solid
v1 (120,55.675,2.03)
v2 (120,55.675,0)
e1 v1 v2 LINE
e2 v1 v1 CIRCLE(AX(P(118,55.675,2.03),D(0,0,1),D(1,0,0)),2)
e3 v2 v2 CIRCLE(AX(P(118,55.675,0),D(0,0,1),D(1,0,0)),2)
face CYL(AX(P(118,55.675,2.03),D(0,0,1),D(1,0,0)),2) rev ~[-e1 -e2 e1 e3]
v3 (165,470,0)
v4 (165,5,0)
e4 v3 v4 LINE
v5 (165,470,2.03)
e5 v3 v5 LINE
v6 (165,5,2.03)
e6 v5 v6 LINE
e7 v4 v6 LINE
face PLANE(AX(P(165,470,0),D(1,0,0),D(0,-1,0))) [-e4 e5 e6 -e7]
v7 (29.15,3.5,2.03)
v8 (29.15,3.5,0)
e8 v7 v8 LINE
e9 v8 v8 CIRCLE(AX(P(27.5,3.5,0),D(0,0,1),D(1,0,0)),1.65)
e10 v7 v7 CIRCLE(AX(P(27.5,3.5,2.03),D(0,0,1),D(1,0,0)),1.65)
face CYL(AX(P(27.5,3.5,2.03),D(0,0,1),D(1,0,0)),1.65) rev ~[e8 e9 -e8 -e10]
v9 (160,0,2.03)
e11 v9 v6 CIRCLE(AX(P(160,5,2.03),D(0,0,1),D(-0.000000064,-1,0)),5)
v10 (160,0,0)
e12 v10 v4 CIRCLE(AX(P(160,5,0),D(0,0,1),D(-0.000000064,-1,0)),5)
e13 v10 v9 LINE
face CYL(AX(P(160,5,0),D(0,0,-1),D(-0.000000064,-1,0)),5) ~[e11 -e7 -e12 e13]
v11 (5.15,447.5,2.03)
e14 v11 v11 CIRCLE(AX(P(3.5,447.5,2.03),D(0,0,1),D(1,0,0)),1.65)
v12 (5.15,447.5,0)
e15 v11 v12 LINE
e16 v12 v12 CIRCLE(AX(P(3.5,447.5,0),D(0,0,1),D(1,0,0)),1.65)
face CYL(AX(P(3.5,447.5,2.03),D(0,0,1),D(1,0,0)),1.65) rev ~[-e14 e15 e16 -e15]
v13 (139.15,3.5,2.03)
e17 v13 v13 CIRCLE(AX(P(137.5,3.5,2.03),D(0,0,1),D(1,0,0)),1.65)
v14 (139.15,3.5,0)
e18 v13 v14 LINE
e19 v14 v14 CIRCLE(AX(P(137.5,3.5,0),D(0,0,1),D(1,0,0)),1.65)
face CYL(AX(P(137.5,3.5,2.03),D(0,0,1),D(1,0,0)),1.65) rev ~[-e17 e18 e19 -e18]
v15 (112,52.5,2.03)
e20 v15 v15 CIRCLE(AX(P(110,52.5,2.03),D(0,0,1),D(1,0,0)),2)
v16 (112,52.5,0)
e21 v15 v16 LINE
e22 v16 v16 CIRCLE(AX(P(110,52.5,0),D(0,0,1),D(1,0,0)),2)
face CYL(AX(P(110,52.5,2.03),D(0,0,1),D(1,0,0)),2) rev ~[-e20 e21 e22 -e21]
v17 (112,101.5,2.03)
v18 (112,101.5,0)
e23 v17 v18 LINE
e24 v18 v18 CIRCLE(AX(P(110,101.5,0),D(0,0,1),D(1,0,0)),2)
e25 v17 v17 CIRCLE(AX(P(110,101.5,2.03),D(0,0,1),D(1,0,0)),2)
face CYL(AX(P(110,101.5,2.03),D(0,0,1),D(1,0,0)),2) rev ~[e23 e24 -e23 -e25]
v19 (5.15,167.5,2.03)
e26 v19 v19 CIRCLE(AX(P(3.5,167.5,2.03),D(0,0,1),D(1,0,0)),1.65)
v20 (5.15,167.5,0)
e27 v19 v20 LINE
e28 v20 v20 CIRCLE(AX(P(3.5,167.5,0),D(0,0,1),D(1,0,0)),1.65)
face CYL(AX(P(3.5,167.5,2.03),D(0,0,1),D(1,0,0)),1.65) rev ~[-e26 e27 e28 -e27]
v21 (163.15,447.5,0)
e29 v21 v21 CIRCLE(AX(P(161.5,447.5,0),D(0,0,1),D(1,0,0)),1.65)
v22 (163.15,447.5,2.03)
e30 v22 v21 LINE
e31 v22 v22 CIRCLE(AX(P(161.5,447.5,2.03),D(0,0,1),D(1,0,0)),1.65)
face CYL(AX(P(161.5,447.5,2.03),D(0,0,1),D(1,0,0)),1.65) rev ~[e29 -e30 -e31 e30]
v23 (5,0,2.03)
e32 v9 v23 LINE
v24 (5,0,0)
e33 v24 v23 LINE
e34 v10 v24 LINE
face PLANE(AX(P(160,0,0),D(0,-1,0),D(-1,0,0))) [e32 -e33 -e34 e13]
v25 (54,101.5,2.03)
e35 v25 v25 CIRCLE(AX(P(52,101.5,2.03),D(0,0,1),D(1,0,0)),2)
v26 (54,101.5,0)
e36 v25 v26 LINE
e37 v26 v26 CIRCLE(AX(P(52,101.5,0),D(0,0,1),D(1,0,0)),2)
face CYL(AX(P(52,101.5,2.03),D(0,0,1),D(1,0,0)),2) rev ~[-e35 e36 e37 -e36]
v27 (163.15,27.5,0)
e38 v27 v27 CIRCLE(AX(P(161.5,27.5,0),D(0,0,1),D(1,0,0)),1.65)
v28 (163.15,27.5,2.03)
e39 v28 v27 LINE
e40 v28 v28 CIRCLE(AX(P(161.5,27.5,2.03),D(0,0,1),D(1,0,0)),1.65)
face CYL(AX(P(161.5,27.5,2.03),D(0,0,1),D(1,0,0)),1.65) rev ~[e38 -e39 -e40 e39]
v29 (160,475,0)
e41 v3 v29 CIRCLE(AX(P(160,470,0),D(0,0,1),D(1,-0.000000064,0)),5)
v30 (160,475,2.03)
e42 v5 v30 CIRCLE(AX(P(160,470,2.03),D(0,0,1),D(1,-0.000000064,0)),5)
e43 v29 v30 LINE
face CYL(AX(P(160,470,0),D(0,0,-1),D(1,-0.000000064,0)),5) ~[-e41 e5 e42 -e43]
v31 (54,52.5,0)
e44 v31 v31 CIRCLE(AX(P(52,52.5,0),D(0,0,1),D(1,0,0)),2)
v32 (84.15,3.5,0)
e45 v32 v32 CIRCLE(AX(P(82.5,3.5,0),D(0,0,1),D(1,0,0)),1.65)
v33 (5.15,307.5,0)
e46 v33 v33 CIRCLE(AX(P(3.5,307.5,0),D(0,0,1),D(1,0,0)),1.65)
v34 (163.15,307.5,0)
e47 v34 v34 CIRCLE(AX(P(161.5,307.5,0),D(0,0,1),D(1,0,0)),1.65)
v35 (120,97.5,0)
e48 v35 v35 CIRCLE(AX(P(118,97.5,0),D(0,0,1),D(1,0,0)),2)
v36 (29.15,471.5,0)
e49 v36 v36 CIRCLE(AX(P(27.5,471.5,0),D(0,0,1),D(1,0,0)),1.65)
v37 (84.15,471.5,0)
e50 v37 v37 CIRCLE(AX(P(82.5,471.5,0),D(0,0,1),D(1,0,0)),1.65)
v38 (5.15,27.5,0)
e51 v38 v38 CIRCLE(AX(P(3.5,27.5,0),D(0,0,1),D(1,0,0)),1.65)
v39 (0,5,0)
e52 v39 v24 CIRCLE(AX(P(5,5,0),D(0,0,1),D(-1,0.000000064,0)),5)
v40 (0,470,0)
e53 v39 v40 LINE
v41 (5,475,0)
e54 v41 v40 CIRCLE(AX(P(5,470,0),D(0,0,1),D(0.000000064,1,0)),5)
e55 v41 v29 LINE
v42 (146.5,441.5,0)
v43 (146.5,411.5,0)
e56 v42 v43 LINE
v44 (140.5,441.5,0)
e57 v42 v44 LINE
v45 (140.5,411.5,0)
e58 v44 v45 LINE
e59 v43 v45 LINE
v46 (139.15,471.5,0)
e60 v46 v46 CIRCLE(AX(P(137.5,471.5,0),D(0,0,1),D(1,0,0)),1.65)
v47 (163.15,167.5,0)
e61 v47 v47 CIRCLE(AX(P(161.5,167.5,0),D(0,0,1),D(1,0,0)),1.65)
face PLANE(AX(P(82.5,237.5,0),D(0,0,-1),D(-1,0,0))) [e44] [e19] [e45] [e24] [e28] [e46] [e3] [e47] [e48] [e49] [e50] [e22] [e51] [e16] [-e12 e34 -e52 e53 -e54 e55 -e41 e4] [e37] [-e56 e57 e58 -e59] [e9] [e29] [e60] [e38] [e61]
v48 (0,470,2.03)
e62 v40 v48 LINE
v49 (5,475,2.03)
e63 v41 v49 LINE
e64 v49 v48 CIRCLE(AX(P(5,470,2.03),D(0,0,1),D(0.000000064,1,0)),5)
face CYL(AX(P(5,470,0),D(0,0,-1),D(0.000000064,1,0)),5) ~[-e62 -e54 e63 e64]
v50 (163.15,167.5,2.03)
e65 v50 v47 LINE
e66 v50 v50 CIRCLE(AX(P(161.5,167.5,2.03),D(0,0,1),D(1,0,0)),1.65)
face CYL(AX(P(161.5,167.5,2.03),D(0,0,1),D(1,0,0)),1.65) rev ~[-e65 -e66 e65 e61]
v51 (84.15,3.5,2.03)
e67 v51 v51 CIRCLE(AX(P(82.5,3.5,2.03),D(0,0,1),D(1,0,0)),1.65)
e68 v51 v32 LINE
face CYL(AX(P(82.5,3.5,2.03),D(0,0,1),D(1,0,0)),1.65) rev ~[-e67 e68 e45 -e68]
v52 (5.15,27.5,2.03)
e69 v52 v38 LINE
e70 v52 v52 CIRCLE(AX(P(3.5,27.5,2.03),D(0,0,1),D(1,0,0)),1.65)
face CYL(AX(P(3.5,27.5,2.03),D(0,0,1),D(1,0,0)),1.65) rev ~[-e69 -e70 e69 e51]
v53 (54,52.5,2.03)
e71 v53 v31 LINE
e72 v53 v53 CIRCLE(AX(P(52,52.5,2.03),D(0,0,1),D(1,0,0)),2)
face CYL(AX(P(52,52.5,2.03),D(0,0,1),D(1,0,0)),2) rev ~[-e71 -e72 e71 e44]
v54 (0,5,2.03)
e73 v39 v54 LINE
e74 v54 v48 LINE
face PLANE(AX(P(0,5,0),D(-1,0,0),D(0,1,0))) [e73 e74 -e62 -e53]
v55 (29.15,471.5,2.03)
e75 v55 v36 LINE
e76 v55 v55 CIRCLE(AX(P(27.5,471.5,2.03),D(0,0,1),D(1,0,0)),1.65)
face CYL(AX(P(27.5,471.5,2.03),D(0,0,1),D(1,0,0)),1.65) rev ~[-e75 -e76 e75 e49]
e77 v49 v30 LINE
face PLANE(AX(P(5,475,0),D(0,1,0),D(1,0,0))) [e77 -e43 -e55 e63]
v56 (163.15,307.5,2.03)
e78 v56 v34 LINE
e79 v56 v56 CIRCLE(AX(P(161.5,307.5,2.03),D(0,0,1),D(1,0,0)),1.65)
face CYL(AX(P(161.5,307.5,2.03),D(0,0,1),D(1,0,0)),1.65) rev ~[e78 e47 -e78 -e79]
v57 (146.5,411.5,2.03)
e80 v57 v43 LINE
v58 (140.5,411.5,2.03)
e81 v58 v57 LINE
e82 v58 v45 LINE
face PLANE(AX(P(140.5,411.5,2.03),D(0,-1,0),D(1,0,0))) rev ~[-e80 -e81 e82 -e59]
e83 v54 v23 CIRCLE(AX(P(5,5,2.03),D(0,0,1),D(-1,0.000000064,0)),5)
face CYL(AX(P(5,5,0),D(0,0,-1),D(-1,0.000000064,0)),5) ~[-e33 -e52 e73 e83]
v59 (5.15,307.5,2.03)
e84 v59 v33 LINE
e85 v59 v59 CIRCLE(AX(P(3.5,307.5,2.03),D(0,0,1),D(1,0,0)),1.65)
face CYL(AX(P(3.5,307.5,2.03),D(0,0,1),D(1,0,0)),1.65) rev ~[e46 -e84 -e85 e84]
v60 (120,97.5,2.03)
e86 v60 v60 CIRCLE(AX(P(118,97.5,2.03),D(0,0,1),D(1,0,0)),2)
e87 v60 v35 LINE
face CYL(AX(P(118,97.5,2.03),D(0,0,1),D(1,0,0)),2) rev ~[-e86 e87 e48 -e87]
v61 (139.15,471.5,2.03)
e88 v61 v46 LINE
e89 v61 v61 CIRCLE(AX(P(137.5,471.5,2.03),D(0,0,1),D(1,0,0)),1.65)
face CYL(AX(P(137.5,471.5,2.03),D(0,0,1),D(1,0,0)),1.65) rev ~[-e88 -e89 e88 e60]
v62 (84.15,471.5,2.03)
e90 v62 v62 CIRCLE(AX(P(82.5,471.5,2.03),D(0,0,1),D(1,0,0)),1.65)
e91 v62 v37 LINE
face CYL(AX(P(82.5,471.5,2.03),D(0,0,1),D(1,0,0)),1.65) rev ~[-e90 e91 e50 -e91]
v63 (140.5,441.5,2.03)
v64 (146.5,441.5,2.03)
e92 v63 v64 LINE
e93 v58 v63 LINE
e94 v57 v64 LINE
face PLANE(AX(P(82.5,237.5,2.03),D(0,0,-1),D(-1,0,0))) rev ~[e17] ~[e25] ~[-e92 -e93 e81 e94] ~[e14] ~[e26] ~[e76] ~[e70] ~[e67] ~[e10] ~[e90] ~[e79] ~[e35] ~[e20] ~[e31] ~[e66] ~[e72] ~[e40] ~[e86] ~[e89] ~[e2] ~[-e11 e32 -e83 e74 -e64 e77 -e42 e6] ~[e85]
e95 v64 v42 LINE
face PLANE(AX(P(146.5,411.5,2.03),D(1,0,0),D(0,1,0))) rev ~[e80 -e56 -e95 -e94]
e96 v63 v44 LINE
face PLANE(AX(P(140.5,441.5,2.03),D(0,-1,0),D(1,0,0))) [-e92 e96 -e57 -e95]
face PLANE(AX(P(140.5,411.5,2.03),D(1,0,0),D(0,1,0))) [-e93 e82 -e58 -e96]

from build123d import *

# Parameters (mm, degrees)
PAD_DEPTH       = 2.03
SKETCH001_R     = 1.65
POCKET_DEPTH    = 5
SKETCH002_W     = 6
SKETCH002_H     = 30
POCKET001_DEPTH = 5
SKETCH004_R     = 2
POCKET002_DEPTH = 5


with BuildPart() as part:
    # Sketch → Pad (new body)
    with BuildSketch(Plane.XY):
        with BuildLine():
            Line((5, 475), (160, 475))
            ThreePointArc((165, 470), (163.535534, 473.535534), (160, 475))
            Line((165, 470), (165, 5))
            ThreePointArc((160, 0), (163.535534, 1.464466), (165, 5))
            Line((160, 0), (5, 0))
            ThreePointArc((0, 5), (1.464466, 1.464466), (5, 0))
            Line((0, 5), (0, 470))
            ThreePointArc((5, 475), (1.464466, 473.535534), (0, 470))
        make_face()
    extrude(amount=PAD_DEPTH)

    # Sketch001 → Pocket (cut)
    with BuildSketch(Plane.XY.offset(2.03)):
        with Locations((137.5, 3.5)):
            Circle(SKETCH001_R)
        with Locations((27.5, 3.5)):
            Circle(SKETCH001_R)
        with Locations((82.5, 3.5)):
            Circle(SKETCH001_R)
        with Locations((3.5, 27.5)):
            Circle(SKETCH001_R)
        with Locations((161.5, 27.5)):
            Circle(SKETCH001_R)
        with Locations((161.5, 167.5)):
            Circle(SKETCH001_R)
        with Locations((161.5, 307.5)):
            Circle(SKETCH001_R)
        with Locations((3.5, 307.5)):
            Circle(SKETCH001_R)
        with Locations((3.5, 167.5)):
            Circle(SKETCH001_R)
        with Locations((3.5, 447.5)):
            Circle(SKETCH001_R)
        with Locations((27.5, 471.5)):
            Circle(SKETCH001_R)
        with Locations((82.5, 471.5)):
            Circle(SKETCH001_R)
        with Locations((137.5, 471.5)):
            Circle(SKETCH001_R)
        with Locations((161.5, 447.5)):
            Circle(SKETCH001_R)
    extrude(amount=-POCKET_DEPTH, mode=Mode.SUBTRACT)

    # Sketch002 → Pocket001 (cut)
    with BuildSketch(Plane.XY.offset(2.03)):
        with Locations((143.5, 426.5)):
            Rectangle(SKETCH002_W, SKETCH002_H)
    extrude(amount=-POCKET001_DEPTH, mode=Mode.SUBTRACT)

    # Sketch004 → Pocket002 (cut)
    with BuildSketch(Plane.XY.offset(2.03)):
        with Locations((118, 97.5)):
            Circle(SKETCH004_R)
        with Locations((118, 55.675)):
            Circle(SKETCH004_R)
        with Locations((52, 52.5)):
            Circle(SKETCH004_R)
        with Locations((52, 101.5)):
            Circle(SKETCH004_R)
        with Locations((110, 101.5)):
            Circle(SKETCH004_R)
        with Locations((110, 52.5)):
            Circle(SKETCH004_R)
    extrude(amount=-POCKET002_DEPTH, mode=Mode.SUBTRACT)


solid = part.part
